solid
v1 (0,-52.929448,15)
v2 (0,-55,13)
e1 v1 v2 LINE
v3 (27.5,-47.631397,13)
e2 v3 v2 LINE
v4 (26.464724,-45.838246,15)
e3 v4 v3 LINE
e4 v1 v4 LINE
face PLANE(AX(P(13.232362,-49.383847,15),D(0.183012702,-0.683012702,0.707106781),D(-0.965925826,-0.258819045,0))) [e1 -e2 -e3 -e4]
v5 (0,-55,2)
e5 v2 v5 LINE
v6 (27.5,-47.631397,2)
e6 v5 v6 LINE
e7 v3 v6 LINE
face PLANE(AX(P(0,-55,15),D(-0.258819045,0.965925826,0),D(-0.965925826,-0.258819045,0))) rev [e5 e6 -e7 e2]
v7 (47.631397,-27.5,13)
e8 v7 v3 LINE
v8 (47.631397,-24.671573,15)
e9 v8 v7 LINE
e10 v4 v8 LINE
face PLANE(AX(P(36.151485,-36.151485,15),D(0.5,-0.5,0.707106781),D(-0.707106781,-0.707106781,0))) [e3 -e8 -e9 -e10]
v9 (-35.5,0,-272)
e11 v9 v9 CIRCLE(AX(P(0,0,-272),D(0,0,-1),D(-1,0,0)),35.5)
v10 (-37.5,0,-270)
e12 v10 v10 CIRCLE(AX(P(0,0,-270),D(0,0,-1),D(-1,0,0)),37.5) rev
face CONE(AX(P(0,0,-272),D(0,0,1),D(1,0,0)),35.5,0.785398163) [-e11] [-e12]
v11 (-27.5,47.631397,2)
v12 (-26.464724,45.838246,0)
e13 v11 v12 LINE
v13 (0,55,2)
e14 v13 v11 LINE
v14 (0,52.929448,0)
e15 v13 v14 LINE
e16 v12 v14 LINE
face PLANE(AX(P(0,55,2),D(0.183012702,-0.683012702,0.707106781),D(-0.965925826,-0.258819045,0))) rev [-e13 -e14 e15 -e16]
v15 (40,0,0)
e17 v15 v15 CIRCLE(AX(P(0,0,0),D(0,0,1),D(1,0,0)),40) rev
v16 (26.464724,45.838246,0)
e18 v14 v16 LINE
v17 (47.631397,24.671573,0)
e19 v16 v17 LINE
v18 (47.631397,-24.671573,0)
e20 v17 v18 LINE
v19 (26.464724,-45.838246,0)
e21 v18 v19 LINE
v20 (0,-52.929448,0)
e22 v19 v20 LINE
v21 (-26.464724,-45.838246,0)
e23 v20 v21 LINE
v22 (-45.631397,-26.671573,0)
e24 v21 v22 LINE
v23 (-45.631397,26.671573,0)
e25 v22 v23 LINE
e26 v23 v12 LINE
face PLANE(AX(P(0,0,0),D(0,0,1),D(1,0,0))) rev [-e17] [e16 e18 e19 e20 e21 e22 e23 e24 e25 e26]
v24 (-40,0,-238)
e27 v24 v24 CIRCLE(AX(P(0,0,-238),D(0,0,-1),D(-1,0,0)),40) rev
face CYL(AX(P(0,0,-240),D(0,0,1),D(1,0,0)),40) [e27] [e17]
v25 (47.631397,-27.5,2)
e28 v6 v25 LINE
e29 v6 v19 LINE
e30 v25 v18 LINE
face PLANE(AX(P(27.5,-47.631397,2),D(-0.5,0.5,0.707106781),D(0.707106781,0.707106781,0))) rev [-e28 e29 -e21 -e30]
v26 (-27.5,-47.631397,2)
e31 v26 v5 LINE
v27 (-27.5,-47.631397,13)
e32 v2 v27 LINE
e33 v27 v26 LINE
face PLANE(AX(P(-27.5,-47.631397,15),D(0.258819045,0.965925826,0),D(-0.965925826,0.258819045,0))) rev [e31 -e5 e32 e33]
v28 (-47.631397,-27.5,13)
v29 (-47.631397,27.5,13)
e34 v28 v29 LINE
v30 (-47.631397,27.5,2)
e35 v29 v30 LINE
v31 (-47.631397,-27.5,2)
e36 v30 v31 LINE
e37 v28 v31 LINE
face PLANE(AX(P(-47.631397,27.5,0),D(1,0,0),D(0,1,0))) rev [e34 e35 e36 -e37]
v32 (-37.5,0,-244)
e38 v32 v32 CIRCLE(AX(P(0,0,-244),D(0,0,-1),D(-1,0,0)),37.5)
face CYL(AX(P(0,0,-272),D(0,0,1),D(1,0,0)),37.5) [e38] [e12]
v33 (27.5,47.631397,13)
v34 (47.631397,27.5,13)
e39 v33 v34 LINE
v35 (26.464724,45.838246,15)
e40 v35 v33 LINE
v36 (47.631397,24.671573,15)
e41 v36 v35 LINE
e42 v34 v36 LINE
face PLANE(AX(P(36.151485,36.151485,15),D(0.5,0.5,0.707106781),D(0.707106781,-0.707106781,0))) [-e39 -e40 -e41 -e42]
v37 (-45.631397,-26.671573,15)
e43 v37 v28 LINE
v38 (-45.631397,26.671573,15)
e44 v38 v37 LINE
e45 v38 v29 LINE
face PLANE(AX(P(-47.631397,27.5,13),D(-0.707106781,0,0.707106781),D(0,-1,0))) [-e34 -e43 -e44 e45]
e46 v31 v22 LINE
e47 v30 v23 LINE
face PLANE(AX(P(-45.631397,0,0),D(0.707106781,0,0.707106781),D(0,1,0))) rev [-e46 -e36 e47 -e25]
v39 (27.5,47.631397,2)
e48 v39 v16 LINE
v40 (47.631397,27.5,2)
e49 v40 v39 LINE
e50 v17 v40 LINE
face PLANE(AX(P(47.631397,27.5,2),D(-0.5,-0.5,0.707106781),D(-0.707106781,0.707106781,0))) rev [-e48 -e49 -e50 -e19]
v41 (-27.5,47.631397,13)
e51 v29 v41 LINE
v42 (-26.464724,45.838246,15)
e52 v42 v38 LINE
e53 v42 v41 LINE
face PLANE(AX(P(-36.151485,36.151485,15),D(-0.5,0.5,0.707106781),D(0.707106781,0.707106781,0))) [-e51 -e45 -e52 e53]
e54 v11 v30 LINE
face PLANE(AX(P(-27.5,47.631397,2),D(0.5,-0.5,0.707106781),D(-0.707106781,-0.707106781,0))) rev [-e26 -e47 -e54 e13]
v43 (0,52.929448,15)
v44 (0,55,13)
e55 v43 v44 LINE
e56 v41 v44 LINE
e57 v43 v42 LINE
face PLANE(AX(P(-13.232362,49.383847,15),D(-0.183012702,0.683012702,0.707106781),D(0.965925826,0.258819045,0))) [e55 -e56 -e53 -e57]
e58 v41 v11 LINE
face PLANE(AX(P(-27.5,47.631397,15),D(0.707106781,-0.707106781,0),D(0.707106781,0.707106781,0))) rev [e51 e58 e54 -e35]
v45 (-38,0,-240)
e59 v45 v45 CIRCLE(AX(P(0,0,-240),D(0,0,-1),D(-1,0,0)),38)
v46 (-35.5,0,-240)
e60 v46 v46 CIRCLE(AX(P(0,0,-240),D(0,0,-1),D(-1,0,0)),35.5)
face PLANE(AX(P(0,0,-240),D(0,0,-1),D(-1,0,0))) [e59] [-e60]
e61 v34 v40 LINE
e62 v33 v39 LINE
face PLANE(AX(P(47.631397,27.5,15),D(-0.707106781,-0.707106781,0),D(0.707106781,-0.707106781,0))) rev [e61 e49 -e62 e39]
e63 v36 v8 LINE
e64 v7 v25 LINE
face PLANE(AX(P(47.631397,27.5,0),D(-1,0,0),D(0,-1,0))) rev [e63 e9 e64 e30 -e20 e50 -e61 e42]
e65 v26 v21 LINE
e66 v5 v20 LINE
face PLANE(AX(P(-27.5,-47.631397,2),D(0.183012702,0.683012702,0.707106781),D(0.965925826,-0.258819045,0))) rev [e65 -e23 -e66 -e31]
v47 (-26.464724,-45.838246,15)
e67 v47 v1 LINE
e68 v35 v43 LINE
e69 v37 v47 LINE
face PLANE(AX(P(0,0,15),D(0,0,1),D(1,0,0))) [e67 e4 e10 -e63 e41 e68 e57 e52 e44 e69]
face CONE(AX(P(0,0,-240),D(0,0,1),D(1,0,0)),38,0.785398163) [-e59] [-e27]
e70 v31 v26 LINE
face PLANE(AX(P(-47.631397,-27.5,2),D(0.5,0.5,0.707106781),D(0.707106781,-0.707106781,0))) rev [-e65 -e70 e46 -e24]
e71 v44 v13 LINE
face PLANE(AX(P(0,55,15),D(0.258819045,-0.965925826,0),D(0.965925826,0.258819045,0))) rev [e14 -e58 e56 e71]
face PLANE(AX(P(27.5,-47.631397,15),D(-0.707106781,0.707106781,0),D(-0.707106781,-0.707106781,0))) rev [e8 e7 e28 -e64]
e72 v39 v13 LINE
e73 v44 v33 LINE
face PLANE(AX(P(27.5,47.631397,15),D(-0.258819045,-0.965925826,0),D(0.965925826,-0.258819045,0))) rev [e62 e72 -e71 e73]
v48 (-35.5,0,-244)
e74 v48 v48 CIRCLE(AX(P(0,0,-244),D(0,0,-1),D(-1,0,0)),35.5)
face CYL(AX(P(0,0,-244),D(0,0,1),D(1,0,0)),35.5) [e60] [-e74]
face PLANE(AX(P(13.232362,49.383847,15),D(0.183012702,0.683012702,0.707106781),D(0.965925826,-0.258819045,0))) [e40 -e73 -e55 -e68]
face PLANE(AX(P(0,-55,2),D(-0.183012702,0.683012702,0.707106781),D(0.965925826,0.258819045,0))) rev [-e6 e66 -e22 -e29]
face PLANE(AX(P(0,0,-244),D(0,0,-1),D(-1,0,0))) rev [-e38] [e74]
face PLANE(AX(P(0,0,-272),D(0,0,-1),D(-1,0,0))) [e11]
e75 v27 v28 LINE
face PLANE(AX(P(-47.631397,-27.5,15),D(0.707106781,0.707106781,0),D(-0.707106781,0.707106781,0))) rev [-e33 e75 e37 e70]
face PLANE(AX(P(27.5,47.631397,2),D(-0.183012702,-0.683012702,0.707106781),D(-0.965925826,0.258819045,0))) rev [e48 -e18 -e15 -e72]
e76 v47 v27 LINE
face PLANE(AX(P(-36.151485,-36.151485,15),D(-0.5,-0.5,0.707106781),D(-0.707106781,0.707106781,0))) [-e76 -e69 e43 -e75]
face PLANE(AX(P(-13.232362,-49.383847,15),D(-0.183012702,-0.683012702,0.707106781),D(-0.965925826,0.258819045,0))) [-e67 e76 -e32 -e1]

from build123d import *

# Parameters (mm, degrees)
EXTRUDE_1_DEPTH     = 15
CUT_EXTRUDE_1_DEPTH = 80.214897589
SKETCH_3_R          = 40
EXTRUDE_2_DEPTH     = 240
SKETCH_4_R          = 35.5
EXTRUDE_3_DEPTH     = 4
SKETCH_5_R          = 37.5
EXTRUDE_4_DEPTH     = 28
CHAMFER_1_SIZE      = 2


with BuildPart() as part:
    # 草图1 → 凸台-拉伸1 (new body)
    with BuildSketch(Plane.XY):
        Polygon((-27.5, 47.631397208), (-47.631397208, 27.5), (-55, 0), (-47.631397208, -27.5), (-27.5, -47.631397208), (0, -55), (27.5, -47.631397208), (47.631397208, -27.5), (55, 0), (47.631397208, 27.5), (27.5, 47.631397208), (0, 55), align=None)
    extrude(amount=EXTRUDE_1_DEPTH)

    # 草图2 → 切除-拉伸1 (cut, through all)
    with BuildSketch(Plane.XY.offset(15)):
        Polygon((-47.631397208, 27.5), (-47.631397208, -27.5), (-55, 0), align=None)
        Polygon((47.631397208, 27.5), (47.631397208, -27.5), (55, 0), align=None)
    extrude(amount=-CUT_EXTRUDE_1_DEPTH, mode=Mode.SUBTRACT)

    # 草图3 → 凸台-拉伸2 (add)
    with BuildSketch(Plane(origin=(0, 0, 0), x_dir=(-1, 0, 0), z_dir=(0, 0, -1))):
        with Locations(Location((0, 0, 0), (0, 0, 180))):
            Circle(SKETCH_3_R)
    extrude(amount=EXTRUDE_2_DEPTH)

    # 草图4 → 凸台-拉伸3 (add)
    with BuildSketch(Plane(origin=(0, 0, -240), x_dir=(-1, 0, 0), z_dir=(0, 0, -1))):
        Circle(SKETCH_4_R)
    extrude(amount=EXTRUDE_3_DEPTH)

    # 草图5 → 凸台-拉伸4 (add)
    with BuildSketch(Plane(origin=(0, 0, -244), x_dir=(-1, 0, 0), z_dir=(0, 0, -1))):
        Circle(SKETCH_5_R)
    extrude(amount=EXTRUDE_4_DEPTH)

    # 倒角1
    chamfer_1_edges = [part.edges().sort_by_distance(p)[0] for p in [
        (13.75, 51.315698604, 0),
        (37.565698604, 37.565698604, 0),
        (37.565698604, -37.565698604, 0),
        (13.75, -51.315698604, 0),
        (-13.75, -51.315698604, 0),
        (-37.565698604, -37.565698604, 0),
        (-37.565698604, 37.565698604, 0),
        (-13.75, 51.315698604, 0),
        (-37.565698604, -37.565698604, 15),
        (-13.75, -51.315698604, 15),
        (13.75, -51.315698604, 15),
        (37.565698604, -37.565698604, 15),
        (37.565698604, 37.565698604, 15),
        (-47.631397208, 0, 0),
        (13.75, 51.315698604, 15),
        (-47.631397208, 0, 15),
        (-13.75, 51.315698604, 15),
        (-40, 0, -240),
        (37.5, 0, -272),
        (-37.565698604, 37.565698604, 15),
    ]]
    chamfer(chamfer_1_edges, length=CHAMFER_1_SIZE)


solid = part.part
